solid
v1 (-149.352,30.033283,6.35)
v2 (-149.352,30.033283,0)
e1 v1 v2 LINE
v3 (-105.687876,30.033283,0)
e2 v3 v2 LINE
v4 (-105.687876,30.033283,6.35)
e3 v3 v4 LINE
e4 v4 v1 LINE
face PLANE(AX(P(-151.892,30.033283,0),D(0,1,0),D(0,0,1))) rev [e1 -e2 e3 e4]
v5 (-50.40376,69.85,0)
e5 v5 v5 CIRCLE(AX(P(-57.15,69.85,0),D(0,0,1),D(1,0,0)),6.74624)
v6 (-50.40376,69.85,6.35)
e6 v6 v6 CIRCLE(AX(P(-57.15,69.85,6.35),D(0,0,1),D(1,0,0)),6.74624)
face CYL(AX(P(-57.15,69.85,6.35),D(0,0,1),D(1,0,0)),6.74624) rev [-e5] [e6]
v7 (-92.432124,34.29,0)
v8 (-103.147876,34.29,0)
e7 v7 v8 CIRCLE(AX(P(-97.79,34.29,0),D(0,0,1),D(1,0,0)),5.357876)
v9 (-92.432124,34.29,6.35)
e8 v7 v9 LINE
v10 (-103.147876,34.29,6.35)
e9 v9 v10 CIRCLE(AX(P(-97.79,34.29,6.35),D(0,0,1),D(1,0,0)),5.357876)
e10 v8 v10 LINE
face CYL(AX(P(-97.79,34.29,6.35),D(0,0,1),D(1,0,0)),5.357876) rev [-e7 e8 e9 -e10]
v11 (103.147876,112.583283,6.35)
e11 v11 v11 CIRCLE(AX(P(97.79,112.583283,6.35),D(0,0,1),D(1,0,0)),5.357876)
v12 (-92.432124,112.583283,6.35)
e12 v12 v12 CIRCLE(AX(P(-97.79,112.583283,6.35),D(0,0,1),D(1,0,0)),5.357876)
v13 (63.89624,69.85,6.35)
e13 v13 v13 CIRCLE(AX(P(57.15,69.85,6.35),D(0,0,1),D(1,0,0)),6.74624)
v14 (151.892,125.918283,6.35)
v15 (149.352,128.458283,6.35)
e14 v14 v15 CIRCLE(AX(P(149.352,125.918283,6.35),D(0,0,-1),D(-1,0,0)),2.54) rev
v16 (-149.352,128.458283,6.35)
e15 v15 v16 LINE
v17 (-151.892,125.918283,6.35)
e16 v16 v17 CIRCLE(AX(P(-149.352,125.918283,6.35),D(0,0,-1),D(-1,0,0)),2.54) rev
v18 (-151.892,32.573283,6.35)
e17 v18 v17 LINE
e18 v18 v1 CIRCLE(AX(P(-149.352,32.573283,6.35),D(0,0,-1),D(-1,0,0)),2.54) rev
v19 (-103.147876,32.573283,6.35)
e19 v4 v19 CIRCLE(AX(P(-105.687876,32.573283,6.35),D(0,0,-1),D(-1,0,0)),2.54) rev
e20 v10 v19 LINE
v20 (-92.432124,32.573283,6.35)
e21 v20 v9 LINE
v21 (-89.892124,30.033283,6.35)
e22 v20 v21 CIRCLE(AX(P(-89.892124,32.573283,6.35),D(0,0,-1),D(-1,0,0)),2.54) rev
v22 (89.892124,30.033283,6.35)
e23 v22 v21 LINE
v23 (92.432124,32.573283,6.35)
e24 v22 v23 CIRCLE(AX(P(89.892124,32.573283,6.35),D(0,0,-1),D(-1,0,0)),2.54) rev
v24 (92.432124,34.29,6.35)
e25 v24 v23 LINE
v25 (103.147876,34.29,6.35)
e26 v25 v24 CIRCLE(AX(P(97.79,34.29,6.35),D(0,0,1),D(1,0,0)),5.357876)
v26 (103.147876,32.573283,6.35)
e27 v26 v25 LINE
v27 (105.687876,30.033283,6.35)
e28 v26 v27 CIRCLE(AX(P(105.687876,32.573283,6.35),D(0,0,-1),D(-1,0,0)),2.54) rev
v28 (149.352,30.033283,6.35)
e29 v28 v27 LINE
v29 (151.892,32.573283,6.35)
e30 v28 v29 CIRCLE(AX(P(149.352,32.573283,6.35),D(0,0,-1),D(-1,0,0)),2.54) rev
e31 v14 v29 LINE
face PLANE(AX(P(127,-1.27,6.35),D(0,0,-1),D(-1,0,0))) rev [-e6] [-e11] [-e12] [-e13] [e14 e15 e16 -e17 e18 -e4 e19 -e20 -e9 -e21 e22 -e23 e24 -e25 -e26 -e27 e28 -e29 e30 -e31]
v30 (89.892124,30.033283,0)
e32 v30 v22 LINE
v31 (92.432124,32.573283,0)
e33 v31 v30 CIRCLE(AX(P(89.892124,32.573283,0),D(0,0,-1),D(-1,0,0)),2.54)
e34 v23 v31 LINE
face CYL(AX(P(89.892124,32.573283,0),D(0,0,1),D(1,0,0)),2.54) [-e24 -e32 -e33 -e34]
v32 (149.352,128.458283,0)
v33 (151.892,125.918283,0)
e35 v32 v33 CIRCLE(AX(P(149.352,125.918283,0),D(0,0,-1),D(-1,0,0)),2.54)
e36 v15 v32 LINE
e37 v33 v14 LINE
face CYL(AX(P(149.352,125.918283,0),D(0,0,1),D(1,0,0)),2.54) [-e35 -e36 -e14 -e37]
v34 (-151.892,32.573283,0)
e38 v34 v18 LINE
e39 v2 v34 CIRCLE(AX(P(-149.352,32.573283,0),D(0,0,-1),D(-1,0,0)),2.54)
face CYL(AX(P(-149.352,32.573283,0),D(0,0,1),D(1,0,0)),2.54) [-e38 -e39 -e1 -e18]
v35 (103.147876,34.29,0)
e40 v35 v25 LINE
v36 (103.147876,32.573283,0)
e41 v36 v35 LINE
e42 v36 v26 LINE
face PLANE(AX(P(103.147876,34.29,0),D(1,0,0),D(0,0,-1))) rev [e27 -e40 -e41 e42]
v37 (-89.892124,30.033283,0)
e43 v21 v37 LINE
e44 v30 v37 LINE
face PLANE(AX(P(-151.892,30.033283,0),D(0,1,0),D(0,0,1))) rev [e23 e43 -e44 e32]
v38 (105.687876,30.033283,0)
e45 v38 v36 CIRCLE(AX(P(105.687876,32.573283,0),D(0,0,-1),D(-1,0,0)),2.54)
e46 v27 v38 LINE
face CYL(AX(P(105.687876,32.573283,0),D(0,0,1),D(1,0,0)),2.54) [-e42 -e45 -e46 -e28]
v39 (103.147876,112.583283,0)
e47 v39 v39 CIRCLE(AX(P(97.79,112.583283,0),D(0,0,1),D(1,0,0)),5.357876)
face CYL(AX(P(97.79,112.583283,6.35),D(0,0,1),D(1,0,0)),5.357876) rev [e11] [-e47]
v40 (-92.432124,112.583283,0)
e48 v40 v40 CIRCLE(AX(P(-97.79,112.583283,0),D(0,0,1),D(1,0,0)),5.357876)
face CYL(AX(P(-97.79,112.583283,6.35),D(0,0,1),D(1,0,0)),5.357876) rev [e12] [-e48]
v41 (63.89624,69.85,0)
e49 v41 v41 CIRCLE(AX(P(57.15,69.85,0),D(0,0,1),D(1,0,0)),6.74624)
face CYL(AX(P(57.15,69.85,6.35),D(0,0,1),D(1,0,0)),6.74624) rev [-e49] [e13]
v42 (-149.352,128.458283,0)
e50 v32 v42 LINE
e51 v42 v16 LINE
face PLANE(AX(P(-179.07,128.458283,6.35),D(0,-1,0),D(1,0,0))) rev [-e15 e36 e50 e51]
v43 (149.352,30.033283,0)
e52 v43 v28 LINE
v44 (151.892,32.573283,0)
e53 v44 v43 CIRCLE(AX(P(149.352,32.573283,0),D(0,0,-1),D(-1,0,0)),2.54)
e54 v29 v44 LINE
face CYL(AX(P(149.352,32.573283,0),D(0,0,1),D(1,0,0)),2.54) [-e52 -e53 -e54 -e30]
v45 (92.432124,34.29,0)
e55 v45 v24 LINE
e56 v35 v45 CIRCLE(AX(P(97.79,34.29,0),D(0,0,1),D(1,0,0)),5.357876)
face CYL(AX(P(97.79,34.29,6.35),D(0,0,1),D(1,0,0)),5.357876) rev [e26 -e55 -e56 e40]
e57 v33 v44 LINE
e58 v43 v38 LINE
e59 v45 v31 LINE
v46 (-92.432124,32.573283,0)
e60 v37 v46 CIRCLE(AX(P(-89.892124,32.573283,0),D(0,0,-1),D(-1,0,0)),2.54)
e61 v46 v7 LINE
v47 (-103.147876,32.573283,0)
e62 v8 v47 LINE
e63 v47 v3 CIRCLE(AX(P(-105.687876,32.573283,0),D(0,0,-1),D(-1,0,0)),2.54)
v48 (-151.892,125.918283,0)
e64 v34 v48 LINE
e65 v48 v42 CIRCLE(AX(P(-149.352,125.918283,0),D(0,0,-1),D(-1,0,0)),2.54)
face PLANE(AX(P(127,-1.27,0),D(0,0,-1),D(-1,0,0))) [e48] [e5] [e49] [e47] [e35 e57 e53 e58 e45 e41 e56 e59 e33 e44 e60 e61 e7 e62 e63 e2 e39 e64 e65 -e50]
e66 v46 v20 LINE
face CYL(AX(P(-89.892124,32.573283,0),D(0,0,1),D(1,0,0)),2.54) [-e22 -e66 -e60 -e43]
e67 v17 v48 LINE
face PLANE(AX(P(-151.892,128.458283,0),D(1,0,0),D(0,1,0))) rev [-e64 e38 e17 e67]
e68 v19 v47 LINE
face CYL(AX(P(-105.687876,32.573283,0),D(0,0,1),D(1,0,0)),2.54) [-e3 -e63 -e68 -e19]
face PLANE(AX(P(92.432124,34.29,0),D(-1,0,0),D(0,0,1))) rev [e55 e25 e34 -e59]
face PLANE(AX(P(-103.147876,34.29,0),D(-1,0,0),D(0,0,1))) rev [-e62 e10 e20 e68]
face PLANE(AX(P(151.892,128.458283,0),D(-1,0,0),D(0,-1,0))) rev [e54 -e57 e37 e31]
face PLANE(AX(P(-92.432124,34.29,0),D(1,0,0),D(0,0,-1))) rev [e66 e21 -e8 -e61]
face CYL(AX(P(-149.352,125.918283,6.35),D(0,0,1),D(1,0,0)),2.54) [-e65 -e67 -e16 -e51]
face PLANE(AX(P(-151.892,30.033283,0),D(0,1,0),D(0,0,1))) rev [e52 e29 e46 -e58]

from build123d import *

# Parameters (mm, degrees)
BOSS_EXTRUDE1_DEPTH              = 6.35
CUT_EXTRUDE3_DEPTH               = 221.472033966
F_27_64_0_42188_DIAMETER_HOLE1_D = 10.715752
FILLET1_R                        = 2.54
F_1_2_CLEARANCE_HOLE1_D          = 13.49248
SKETCH7_W                        = 303.784
SKETCH7_H                        = 55.43328257
CUT_EXTRUDE1_DEPTH               = 200.030230178
CUT_EXTRUDE2_DEPTH               = 200.030230178
FILLET2_R                        = 2.54


with BuildPart() as part:
    # Sketch1 → Boss-Extrude1 (new body)
    with BuildSketch(Plane.XY):
        with BuildLine():
            Line((-179.07, -25.4), (-179.07, 128.45828257))
            Line((-179.07, 128.45828257), (179.07, 128.45828257))
            Line((179.07, 128.45828257), (179.07, -25.4))
            Line((179.07, -25.4), (153.67, -25.4))
            Line((153.67, -25.4), (153.67, -1.27))
            ThreePointArc((153.67, -1.27), (127, 25.4), (100.33, -1.27))
            Line((100.33, -1.27), (100.33, -25.4))
            Line((100.33, -25.4), (-100.33, -25.4))
            Line((-100.33, -25.4), (-100.33, -1.27))
            ThreePointArc((-100.33, -1.27), (-127, 25.4), (-153.67, -1.27))
            Line((-153.67, -1.27), (-153.67, -25.4))
            Line((-153.67, -25.4), (-179.07, -25.4))
        make_face()
    extrude(amount=BOSS_EXTRUDE1_DEPTH)

    # Sketch9 → Cut-Extrude3 (cut, through all)
    with BuildSketch(Plane.XY.offset(6.35)):
        with BuildLine():
            Line((-151.892, 128.45828257), (-151.892, 8.304823027))
            ThreePointArc((-151.892, 8.304823027), (-153.22173278, 3.599253536), (-153.67, -1.27))
            Line((-153.67, -1.27), (-153.67, -25.4))
            Line((-153.67, -25.4), (-179.07, -25.4))
            Line((-179.07, -25.4), (-179.07, 128.45828257))
            Line((-179.07, 128.45828257), (-151.892, 128.45828257))
        make_face()
        with BuildLine():
            Line((153.67, -25.4), (153.67, -1.27))
            ThreePointArc((153.67, -1.27), (153.22173278, 3.599253536), (151.892, 8.304823027))
            Line((151.892, 8.304823027), (151.892, 128.45828257))
            Line((151.892, 128.45828257), (179.07, 128.45828257))
            Line((179.07, 128.45828257), (179.07, -25.4))
            Line((179.07, -25.4), (153.67, -25.4))
        make_face()
    extrude(amount=-CUT_EXTRUDE3_DEPTH, mode=Mode.SUBTRACT)

    # 27/64 (0.42188) Diameter Hole1 (through all)
    with Locations(Plane.XY.offset(6.35)):
        with Locations((-97.79, 34.29), (-97.79, 112.58328257), (97.79, 34.29), (97.79, 112.58328257)):
            Hole(F_27_64_0_42188_DIAMETER_HOLE1_D / 2)

    # Fillet1
    fillet1_edges = [part.edges().sort_by_distance(p)[0] for p in [
        (100.33, -25.4, 3.175),
        (-100.33, -25.4, 3.175),
        (-151.892, 128.45828257, 3.175),
        (-151.892, 8.304823027, 3.175),
        (151.892, 8.304823027, 3.175),
        (151.892, 128.45828257, 3.175),
    ]]
    fillet(fillet1_edges, radius=FILLET1_R)

    # 1/2 Clearance Hole1 (through all)
    with Locations(Plane.XY.offset(6.35)):
        with Locations((57.15, 69.85), (-57.15, 69.85)):
            Hole(F_1_2_CLEARANCE_HOLE1_D / 2)

    # Sketch7 → Cut-Extrude1 (cut, through all)
    with BuildSketch(Plane.XY.offset(6.35)):
        with Locations((0, 2.316641285)):
            Rectangle(SKETCH7_W, SKETCH7_H)
    extrude(amount=-CUT_EXTRUDE1_DEPTH, mode=Mode.SUBTRACT)

    # Sketch8 → Cut-Extrude2 (cut, through all)
    with BuildSketch(Plane.XY.offset(6.35)):
        Polygon((-94.536203455, 30.03328257), (-92.432124, 30.03328257), (-92.432124, 34.29), align=None)
        Polygon((-103.147876, 34.29), (-103.147876, 30.03328257), (-101.043796545, 30.03328257), align=None)
        Polygon((101.043796545, 30.03328257), (103.147876, 30.03328257), (103.147876, 34.29), align=None)
        Polygon((92.432124, 34.29), (92.432124, 30.03328257), (94.536203455, 30.03328257), align=None)
    extrude(amount=-CUT_EXTRUDE2_DEPTH, mode=Mode.SUBTRACT)

    # Fillet2
    fillet2_edges = [part.edges().sort_by_distance(p)[0] for p in [
        (-151.892, 30.03328257, 3.175),
        (151.892, 30.03328257, 3.175),
        (-103.147876, 30.03328257, 3.175),
        (103.147876, 30.03328257, 3.175),
        (92.432124, 30.03328257, 3.175),
        (-92.432124, 30.03328257, 3.175),
    ]]
    fillet(fillet2_edges, radius=FILLET2_R)


solid = part.part
